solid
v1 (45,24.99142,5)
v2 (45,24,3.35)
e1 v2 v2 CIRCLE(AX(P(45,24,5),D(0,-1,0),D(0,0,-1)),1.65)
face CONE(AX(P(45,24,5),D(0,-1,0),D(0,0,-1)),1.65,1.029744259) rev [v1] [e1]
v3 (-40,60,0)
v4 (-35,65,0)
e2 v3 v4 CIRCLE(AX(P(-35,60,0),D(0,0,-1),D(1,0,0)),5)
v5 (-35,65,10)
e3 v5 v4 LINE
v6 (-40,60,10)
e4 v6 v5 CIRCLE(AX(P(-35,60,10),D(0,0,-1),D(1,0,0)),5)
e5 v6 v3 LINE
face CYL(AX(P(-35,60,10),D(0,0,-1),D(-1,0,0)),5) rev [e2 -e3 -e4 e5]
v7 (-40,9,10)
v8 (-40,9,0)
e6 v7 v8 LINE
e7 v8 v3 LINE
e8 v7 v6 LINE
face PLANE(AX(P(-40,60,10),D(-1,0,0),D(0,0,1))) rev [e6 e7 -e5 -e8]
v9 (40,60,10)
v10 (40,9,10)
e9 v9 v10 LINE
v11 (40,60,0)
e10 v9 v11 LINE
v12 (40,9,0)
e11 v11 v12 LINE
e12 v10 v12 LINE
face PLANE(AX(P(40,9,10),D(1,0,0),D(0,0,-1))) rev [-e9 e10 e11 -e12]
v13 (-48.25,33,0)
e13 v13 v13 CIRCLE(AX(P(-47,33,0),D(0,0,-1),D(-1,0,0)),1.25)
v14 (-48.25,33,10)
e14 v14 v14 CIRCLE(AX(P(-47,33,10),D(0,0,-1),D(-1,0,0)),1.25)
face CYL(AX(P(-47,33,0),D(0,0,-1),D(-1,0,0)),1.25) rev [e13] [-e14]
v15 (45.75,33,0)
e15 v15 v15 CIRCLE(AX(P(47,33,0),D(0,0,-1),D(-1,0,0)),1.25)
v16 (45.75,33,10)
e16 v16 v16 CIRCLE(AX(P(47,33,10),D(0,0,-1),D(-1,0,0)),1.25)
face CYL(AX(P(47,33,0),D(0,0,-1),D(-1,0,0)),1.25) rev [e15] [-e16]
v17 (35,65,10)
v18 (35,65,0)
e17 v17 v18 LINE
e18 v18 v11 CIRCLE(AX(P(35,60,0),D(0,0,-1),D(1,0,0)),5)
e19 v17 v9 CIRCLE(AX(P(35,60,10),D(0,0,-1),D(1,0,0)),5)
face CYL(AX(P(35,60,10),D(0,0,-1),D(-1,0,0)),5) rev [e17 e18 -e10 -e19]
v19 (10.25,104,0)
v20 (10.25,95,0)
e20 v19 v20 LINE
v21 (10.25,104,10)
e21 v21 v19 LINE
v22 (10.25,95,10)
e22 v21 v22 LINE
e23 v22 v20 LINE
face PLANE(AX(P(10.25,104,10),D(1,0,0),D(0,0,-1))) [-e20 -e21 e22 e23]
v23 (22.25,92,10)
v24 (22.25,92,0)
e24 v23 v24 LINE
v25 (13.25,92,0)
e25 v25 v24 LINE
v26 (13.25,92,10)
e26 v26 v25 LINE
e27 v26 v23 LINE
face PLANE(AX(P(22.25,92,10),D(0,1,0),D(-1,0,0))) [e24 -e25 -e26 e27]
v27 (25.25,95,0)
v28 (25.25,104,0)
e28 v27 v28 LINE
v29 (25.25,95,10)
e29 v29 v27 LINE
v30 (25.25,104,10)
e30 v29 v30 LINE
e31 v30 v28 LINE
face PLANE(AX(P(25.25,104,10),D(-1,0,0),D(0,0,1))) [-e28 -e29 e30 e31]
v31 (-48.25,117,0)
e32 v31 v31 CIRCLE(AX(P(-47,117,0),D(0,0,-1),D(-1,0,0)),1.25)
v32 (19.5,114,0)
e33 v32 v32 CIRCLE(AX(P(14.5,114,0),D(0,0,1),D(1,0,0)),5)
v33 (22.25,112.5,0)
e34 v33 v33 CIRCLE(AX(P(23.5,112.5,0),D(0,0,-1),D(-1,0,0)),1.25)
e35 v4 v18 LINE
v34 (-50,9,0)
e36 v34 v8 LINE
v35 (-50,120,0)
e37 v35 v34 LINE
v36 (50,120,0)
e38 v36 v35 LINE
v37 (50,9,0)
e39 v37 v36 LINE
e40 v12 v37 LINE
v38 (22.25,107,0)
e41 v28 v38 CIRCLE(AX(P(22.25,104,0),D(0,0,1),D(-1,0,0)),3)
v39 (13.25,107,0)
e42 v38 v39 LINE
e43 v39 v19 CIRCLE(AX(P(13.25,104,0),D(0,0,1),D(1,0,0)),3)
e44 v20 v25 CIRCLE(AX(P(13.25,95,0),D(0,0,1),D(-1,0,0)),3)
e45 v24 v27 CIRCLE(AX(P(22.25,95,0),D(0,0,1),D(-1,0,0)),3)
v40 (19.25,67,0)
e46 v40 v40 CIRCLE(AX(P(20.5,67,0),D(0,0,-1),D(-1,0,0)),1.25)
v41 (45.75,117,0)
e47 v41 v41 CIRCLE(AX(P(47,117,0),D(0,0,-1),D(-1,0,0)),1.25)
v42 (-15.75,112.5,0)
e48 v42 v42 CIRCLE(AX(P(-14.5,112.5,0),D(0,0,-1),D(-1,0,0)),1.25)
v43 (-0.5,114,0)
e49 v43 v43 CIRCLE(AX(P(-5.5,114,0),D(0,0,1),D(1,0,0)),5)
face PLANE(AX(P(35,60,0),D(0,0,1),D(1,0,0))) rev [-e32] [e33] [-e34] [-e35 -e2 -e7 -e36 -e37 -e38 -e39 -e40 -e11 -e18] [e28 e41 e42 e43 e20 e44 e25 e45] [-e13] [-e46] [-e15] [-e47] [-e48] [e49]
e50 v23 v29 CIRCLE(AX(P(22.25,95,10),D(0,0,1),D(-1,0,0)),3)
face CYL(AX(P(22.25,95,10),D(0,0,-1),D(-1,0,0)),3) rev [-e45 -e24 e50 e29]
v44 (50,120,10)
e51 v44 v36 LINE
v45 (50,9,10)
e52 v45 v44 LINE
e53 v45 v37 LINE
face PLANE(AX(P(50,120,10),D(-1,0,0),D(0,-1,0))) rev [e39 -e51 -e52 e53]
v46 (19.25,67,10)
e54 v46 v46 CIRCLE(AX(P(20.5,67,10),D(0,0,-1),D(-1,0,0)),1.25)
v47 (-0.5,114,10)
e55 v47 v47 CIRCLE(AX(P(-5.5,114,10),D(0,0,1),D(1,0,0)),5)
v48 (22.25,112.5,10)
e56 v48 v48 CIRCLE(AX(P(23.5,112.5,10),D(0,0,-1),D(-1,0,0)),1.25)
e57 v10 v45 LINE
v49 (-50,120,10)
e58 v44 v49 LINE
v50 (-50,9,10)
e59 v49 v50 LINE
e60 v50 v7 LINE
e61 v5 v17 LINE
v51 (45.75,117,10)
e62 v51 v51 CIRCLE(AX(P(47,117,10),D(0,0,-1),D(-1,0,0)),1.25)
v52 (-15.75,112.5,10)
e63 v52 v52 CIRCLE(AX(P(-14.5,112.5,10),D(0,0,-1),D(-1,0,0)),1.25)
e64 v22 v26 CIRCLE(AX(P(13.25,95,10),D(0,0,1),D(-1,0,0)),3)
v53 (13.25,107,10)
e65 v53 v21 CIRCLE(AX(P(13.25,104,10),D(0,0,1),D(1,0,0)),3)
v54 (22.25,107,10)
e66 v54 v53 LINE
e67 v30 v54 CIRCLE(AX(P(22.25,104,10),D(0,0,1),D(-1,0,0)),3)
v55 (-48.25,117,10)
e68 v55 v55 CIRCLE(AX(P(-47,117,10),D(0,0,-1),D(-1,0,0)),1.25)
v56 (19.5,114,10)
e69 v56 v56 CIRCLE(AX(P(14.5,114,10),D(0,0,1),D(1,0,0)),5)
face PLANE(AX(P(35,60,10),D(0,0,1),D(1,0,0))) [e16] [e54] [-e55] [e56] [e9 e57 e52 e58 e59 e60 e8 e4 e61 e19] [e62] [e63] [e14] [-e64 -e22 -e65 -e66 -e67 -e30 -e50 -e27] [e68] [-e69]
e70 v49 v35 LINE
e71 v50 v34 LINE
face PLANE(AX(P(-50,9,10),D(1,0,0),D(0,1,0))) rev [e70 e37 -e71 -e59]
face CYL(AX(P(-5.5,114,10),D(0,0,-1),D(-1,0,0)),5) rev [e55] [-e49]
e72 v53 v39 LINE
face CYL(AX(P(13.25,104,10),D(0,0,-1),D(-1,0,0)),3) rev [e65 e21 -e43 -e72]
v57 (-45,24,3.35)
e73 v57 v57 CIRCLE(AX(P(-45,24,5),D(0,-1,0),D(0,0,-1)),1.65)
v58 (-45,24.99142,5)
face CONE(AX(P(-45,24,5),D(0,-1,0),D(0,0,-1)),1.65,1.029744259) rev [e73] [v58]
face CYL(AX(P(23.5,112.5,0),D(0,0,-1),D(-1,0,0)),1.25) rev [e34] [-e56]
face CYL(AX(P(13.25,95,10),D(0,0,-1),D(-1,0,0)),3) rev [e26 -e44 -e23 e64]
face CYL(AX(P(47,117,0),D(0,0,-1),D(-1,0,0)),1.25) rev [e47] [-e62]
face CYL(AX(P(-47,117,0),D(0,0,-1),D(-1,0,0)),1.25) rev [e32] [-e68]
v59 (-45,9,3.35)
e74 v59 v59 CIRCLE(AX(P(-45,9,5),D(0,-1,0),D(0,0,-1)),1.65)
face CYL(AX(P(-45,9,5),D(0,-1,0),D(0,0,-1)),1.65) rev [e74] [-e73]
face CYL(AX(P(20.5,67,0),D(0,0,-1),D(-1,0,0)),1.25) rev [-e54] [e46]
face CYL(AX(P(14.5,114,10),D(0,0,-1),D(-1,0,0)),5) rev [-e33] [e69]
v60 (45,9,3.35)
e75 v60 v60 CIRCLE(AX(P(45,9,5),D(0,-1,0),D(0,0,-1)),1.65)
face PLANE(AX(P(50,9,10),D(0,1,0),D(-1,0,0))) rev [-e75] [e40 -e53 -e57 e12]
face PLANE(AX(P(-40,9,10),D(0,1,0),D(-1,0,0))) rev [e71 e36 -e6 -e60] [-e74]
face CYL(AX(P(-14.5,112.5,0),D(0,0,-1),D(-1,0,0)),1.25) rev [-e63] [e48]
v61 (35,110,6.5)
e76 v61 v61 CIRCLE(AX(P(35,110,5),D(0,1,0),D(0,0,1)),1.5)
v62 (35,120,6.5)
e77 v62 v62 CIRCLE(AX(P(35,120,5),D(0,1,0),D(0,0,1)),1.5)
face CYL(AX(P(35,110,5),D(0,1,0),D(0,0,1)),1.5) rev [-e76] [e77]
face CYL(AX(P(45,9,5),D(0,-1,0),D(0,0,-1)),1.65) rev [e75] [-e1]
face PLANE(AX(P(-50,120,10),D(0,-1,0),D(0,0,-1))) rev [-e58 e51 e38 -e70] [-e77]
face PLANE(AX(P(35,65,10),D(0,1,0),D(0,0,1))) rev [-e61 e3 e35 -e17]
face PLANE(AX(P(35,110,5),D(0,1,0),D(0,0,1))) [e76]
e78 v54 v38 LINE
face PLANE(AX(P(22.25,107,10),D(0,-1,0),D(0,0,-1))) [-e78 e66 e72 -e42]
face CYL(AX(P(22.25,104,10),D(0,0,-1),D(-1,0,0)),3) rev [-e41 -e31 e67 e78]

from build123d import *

# Parameters (mm, degrees)
EXTRUSION1_DEPTH          = 10
TROU_TARAUD_M4X0_71_D     = 3.3
TROU_TARAUD_M4X0_71_DEPTH = 15
TROU_TARAUD_M4X0_71_TIP   = 0.991420021
ESQUISSE4_R               = 5
ENL_V_MAT_EXTRU_1_DEPTH   = 131.384048104
TROU_TARAUD_M31_D         = 2.5
ESQUISSE7_R               = 1.5
ENL_V_MAT_EXTRU_2_DEPTH   = 10


with BuildPart() as part:
    # Esquisse1 → Extrusion1 (new body)
    with BuildSketch(Plane.XY):
        with BuildLine():
            Line((-40, 9), (-50, 9))
            Line((-50, 9), (-50, 120))
            Line((-50, 120), (50, 120))
            Line((50, 120), (50, 9))
            Line((50, 9), (40, 9))
            Line((40, 9), (40, 60))
            ThreePointArc((40, 60), (38.535533906, 63.535533906), (35, 65))
            Line((35, 65), (-35, 65))
            ThreePointArc((-35, 65), (-38.535533906, 63.535533906), (-40, 60))
            Line((-40, 60), (-40, 9))
        make_face()
    extrude(amount=EXTRUSION1_DEPTH)

    # Trou taraudé M4x0.71
    with Locations(Plane.XZ.offset(-9)):
        with Locations((-45, 5), (45, 5)):
            Hole(TROU_TARAUD_M4X0_71_D / 2, depth=TROU_TARAUD_M4X0_71_DEPTH)
            with Locations((0, 0, -(TROU_TARAUD_M4X0_71_DEPTH + TROU_TARAUD_M4X0_71_TIP / 2))):  # 118° drill point
                Cone(0, TROU_TARAUD_M4X0_71_D / 2, TROU_TARAUD_M4X0_71_TIP, mode=Mode.SUBTRACT)

    # Esquisse4 → Enlèv. mat.-Extru.1 (cut, through all)
    with BuildSketch(Plane.XY):
        with Locations((14.5, 114)):
            Circle(ESQUISSE4_R)
        with Locations((-5.5, 114)):
            Circle(ESQUISSE4_R)
        with BuildLine():
            Line((22.25, 107), (13.25, 107))
            ThreePointArc((13.25, 107), (11.128679656, 106.121320344), (10.25, 104))
            Line((10.25, 104), (10.25, 95))
            ThreePointArc((10.25, 95), (11.128679656, 92.878679656), (13.25, 92))
            Line((13.25, 92), (22.25, 92))
            ThreePointArc((22.25, 92), (24.371320344, 92.878679656), (25.25, 95))
            Line((25.25, 95), (25.25, 104))
            ThreePointArc((25.25, 104), (24.371320344, 106.121320344), (22.25, 107))
        make_face()
    extrude(amount=ENL_V_MAT_EXTRU_1_DEPTH, mode=Mode.SUBTRACT)

    # Trou taraudé M31 (through all)
    with Locations(Plane(origin=(0, 0, 0), x_dir=(-1, 0, 0), z_dir=(0, 0, -1))):
        with Locations((-23.5, 112.5), (14.5, 112.5), (-20.5, 67), (-47, 117), (47, 117), (47, 33), (-47, 33)):
            Hole(TROU_TARAUD_M31_D / 2)

    # Esquisse7 → Enlèv. mat.-Extru.2 (cut)
    with BuildSketch(Plane(origin=(0, 120, 0), x_dir=(1, 0, 0), z_dir=(0, 1, 0))):
        with Locations(Location((35, -5, 0), (0, 0, 270))):
            Circle(ESQUISSE7_R)
    extrude(amount=-ENL_V_MAT_EXTRU_2_DEPTH, mode=Mode.SUBTRACT)


solid = part.part
